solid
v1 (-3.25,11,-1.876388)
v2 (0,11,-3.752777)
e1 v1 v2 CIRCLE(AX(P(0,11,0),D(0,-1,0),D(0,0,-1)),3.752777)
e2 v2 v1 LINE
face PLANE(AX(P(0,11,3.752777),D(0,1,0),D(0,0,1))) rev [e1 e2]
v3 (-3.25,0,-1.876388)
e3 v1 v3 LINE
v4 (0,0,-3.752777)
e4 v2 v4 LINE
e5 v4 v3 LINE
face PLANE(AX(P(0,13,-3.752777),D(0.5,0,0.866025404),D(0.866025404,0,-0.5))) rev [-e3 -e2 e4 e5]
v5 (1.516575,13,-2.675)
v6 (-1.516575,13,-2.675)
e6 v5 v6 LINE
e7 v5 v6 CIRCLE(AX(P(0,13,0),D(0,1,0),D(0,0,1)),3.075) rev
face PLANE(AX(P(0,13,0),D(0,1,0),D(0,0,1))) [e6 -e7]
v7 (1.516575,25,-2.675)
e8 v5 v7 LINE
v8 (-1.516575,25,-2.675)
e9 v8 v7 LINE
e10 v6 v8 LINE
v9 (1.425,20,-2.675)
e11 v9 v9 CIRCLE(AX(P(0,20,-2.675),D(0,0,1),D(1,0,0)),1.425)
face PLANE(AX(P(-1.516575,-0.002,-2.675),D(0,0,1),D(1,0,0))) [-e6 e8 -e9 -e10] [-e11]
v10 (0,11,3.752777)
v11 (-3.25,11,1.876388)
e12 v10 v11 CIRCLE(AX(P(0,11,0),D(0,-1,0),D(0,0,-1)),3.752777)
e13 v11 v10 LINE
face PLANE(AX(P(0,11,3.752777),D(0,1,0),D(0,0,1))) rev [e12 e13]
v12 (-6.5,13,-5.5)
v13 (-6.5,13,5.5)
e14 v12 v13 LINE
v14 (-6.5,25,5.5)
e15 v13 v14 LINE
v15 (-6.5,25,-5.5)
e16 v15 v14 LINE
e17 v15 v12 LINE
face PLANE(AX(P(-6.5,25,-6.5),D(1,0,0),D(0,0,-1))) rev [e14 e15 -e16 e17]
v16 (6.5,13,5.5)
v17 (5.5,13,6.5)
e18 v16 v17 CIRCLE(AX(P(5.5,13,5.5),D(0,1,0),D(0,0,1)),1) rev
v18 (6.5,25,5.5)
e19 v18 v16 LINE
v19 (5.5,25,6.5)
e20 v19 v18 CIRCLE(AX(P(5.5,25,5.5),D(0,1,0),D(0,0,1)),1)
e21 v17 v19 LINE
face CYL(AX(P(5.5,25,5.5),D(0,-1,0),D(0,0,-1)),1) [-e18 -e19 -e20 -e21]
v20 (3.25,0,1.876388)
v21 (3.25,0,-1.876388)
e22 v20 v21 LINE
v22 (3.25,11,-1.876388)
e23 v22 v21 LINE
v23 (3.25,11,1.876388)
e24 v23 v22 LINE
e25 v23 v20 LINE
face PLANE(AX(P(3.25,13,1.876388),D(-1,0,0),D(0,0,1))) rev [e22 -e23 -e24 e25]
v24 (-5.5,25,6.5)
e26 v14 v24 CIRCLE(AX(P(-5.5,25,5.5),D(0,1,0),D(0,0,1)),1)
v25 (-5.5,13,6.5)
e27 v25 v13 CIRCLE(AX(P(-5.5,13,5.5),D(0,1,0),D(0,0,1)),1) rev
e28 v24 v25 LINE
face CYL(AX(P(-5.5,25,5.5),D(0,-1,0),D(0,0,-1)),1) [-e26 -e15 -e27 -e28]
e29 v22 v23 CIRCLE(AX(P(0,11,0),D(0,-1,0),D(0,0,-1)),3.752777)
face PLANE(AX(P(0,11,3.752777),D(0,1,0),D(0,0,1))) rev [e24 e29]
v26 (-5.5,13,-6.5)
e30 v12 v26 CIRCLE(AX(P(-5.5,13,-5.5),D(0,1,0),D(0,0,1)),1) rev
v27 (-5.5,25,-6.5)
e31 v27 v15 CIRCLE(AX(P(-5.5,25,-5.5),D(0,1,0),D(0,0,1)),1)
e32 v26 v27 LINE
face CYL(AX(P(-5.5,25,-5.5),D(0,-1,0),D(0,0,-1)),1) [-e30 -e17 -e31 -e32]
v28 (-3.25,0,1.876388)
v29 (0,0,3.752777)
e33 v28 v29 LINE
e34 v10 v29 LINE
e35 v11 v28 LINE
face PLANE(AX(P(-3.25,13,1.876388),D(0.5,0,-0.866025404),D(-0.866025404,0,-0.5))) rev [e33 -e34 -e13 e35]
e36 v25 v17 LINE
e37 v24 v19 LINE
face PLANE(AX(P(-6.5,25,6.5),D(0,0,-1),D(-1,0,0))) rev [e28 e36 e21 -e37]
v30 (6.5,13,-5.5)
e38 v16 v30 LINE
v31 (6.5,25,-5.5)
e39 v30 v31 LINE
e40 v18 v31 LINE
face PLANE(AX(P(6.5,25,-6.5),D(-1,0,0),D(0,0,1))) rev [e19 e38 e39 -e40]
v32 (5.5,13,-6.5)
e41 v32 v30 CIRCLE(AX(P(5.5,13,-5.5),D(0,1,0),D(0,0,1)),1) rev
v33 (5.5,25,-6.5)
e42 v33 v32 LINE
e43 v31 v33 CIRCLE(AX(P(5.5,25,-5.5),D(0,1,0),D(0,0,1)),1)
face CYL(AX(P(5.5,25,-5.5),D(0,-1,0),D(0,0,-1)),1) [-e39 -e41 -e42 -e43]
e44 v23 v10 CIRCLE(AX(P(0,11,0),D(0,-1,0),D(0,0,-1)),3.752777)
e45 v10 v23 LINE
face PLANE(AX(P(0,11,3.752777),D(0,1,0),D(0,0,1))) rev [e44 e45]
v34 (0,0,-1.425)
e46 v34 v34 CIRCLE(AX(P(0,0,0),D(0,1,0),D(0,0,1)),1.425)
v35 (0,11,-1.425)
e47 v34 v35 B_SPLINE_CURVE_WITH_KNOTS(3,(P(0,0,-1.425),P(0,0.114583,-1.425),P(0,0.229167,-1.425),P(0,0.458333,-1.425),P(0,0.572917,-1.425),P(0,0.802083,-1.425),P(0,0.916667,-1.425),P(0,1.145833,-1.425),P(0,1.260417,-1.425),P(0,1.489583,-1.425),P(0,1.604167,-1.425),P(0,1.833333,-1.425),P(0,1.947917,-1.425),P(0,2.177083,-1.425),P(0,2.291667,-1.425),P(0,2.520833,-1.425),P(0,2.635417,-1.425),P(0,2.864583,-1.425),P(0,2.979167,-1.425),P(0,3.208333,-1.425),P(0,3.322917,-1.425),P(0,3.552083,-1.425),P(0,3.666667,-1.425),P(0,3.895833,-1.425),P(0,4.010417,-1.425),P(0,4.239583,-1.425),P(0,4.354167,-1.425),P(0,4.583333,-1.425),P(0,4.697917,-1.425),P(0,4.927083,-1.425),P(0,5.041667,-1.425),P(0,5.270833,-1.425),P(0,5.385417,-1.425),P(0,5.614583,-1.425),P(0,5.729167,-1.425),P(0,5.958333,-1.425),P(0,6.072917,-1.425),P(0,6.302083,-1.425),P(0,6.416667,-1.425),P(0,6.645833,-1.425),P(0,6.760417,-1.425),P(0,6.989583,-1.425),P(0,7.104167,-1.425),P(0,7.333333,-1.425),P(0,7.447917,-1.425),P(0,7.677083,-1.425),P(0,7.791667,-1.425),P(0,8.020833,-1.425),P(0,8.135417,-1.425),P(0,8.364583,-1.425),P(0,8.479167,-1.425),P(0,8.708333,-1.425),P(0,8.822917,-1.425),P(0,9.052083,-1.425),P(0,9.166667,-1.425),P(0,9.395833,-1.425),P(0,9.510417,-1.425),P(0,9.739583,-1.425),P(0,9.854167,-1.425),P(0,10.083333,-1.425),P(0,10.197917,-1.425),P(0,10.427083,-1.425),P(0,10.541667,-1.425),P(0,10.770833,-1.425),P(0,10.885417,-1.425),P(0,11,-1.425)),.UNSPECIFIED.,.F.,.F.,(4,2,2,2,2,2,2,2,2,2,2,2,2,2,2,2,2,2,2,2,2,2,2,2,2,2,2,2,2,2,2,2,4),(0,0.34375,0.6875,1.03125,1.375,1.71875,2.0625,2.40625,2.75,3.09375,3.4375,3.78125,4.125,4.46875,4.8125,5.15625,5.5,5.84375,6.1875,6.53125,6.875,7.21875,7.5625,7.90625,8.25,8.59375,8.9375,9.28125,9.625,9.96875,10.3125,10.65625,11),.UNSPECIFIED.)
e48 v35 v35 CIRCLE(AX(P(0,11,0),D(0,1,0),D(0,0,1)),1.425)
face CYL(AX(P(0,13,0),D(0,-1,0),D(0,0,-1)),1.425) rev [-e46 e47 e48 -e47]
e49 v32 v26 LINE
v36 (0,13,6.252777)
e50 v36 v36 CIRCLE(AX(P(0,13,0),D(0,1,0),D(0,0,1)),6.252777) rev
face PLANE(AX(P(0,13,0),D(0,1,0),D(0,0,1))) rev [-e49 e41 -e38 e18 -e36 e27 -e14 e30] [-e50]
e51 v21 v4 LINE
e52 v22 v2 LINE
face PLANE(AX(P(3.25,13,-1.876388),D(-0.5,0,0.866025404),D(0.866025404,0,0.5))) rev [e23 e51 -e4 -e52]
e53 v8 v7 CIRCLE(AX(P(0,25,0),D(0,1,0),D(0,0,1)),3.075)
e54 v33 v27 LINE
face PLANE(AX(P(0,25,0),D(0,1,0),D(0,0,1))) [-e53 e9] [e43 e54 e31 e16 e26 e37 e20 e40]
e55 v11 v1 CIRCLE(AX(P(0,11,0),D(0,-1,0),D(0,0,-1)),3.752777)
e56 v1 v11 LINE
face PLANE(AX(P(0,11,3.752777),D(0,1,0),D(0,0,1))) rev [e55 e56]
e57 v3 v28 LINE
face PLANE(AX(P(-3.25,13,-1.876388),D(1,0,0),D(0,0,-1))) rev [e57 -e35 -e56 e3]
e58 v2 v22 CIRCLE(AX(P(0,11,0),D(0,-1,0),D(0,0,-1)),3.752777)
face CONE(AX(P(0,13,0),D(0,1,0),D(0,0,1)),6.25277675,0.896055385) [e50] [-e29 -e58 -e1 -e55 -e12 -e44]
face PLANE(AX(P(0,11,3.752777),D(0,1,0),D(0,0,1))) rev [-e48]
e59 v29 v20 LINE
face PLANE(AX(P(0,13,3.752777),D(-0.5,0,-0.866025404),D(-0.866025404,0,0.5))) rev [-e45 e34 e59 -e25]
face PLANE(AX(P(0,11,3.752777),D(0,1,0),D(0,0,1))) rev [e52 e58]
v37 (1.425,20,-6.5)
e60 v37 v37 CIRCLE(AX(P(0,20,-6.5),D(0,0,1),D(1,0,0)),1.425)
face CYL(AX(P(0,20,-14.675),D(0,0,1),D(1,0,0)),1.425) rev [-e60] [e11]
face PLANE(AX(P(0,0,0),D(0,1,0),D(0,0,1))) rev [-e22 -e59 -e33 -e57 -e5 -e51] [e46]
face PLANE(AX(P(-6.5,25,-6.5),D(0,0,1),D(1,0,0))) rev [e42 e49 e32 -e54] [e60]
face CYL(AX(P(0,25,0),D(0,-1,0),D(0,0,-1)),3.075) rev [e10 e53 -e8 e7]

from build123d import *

# Parameters (mm, degrees)
SKETCH1_R           = 1.425
BOSS_EXTRUDE1_DEPTH = 13
SKETCH2_W           = 13
SKETCH2_H           = 13
SKETCH2_R           = 3.075
BOSS_EXTRUDE2_DEPTH = 12
BOSS_EXTRUDE3_REACH = 28.636
SKETCH5_R           = 1.425
CUT_EXTRUDE1_DEPTH  = 12
FILLET2_R           = 1


with BuildPart() as part:
    # Sketch1 → Boss-Extrude1 (new body)
    with BuildSketch(Plane(origin=(0, 0, 0), x_dir=(1, 0, 0), z_dir=(0, 1, 0))):
        Polygon((0, -3.75277675), (3.25, -1.876388375), (3.25, 1.876388375), (0, 3.75277675), (-3.25, 1.876388375), (-3.25, -1.876388375), align=None)
        with Locations(Location((0, 0, 0), (0, 0, 90))):
            Circle(SKETCH1_R, mode=Mode.SUBTRACT)
    extrude(amount=BOSS_EXTRUDE1_DEPTH)

    # Sketch2 → Boss-Extrude2 (add)
    with BuildSketch(Plane(origin=(0, 13, 0), x_dir=(1, 0, 0), z_dir=(0, 1, 0))):
        Rectangle(SKETCH2_W, SKETCH2_H)
        with Locations(Location((0, 0, 0), (0, 0, 270))):
            Circle(SKETCH2_R, mode=Mode.SUBTRACT)
    extrude(amount=BOSS_EXTRUDE2_DEPTH)

    # Sketch3 → Boss-Extrude3 (add, up to next)
    with BuildSketch(Plane(origin=(0, 25, 0), x_dir=(1, 0, 0), z_dir=(0, 1, 0)), mode=Mode.PRIVATE) as boss_extrude3_sk1:
        with BuildLine():
            Line((-1.516575089, 2.675), (1.516575089, 2.675))
            ThreePointArc((1.516575089, 2.675), (0, 3.075), (-1.516575089, 2.675))
        make_face()
    boss_extrude3_tool1 = extrude(boss_extrude3_sk1.sketch, amount=-BOSS_EXTRUDE3_REACH, mode=Mode.PRIVATE) - part.part
    add(boss_extrude3_tool1.solids().sort_by_distance((0, 25, -2.835927))[0])

    # Sketch5 → Cut-Extrude1 (cut)
    with BuildSketch(Plane.XY.offset(-2.675)):
        with Locations((0, 20)):
            Circle(SKETCH5_R)
    extrude(amount=-CUT_EXTRUDE1_DEPTH, mode=Mode.SUBTRACT)

    # Fillet2
    fillet2_edges = [part.edges().sort_by_distance(p)[0] for p in [
        (-6.5, 19, -6.5),
        (-6.5, 19, 6.5),
        (6.5, 19, 6.5),
        (6.5, 19, -6.5),
    ]]
    fillet(fillet2_edges, radius=FILLET2_R)

    # Sketch8 → Revolve1 (revolve)
    with BuildSketch(Plane(origin=(0, 0, 0), x_dir=(0, 0, -1), z_dir=(1, 0, 0))):
        Polygon((0, 13), (-3.75277675, 13), (-6.25277675, 13), (-3.75277675, 11), (0, 11), align=None)
    revolve(axis=Axis((0, -1000, 0), (0, 1, 0)))


solid = part.part
